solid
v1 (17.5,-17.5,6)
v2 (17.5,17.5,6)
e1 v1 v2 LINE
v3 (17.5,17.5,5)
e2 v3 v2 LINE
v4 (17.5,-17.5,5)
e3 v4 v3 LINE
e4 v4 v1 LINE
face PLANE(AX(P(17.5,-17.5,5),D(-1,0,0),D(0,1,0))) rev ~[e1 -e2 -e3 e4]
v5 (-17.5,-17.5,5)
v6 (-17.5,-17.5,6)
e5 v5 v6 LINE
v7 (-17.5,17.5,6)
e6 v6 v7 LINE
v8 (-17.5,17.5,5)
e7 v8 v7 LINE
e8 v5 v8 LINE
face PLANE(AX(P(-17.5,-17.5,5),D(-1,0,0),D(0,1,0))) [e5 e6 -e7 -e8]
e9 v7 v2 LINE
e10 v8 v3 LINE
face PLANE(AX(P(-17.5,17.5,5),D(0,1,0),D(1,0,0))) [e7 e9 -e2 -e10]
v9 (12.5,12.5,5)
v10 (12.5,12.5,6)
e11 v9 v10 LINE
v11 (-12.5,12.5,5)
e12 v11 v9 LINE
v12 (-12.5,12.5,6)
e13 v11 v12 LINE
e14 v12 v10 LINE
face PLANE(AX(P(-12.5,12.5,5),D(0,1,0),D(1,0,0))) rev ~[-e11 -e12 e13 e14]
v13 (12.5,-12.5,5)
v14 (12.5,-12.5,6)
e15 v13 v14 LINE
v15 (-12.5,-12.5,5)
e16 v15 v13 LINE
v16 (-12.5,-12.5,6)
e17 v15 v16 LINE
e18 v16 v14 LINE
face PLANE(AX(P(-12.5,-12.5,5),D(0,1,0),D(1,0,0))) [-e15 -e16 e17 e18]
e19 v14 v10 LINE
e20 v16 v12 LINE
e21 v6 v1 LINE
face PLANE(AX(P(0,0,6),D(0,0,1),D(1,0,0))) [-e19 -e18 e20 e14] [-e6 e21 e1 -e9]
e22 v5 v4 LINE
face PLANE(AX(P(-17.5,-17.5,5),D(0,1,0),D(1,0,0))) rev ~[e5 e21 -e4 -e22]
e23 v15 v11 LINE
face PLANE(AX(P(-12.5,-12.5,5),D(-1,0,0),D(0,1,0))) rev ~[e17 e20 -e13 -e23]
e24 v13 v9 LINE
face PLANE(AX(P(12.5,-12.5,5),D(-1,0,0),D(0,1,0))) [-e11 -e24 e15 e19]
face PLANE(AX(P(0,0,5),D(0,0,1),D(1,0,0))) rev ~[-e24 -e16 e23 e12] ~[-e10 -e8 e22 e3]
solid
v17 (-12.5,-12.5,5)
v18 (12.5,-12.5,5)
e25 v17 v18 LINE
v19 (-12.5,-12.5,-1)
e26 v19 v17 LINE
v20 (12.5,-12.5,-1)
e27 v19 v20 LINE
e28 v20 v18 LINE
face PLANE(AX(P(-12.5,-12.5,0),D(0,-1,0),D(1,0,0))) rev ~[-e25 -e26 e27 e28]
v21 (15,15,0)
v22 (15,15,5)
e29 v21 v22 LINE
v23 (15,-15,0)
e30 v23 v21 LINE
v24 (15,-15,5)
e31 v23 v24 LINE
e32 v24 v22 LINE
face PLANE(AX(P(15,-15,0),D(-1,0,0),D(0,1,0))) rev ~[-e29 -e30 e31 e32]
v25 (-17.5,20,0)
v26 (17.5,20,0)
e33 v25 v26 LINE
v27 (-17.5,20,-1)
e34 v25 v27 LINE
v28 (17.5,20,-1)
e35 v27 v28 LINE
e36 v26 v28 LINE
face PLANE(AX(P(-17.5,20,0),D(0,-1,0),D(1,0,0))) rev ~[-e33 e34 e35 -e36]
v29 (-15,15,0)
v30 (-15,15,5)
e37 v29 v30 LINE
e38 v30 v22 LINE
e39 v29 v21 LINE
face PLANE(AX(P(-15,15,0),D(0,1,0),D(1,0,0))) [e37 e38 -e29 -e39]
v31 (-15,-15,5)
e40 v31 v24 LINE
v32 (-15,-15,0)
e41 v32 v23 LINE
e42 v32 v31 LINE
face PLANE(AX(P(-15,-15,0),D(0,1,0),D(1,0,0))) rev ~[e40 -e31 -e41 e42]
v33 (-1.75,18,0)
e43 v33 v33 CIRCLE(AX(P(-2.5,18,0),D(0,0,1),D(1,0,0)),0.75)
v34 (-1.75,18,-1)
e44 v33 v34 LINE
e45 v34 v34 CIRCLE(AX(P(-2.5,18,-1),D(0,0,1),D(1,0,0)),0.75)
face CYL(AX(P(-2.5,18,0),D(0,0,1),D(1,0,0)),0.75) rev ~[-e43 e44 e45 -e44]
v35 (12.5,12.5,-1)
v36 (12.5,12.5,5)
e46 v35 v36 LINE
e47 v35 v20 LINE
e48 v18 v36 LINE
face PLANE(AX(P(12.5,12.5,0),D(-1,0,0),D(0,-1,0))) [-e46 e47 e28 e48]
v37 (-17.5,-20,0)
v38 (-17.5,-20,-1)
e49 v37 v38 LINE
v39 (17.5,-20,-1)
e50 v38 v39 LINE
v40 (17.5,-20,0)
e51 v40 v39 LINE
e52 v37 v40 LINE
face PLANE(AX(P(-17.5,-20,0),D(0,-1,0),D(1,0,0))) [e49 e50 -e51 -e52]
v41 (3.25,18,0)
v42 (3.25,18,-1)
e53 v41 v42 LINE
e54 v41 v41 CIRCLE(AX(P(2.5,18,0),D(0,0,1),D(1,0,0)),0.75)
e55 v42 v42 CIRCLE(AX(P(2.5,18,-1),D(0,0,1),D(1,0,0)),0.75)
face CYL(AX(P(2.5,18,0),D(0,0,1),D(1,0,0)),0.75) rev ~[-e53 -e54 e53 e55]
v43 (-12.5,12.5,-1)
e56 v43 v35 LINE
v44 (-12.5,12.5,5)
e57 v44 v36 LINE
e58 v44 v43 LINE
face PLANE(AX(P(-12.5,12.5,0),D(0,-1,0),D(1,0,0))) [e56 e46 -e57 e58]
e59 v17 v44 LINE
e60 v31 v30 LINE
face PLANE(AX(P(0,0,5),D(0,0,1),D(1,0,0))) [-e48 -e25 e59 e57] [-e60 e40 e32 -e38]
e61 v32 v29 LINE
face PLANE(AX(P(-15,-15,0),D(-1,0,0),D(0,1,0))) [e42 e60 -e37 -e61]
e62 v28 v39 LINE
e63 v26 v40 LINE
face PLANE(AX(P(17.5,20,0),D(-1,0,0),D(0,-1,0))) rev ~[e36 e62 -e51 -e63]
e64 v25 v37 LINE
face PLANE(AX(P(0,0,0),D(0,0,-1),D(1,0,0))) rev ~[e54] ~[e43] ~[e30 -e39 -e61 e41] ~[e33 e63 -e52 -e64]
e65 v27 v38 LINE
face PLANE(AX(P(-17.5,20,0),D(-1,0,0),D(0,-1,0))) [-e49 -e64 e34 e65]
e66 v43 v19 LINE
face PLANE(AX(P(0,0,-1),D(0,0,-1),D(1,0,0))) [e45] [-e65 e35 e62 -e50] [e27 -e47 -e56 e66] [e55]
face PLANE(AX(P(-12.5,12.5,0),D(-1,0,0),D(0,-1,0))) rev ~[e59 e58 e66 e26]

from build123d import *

# Parameters (mm, degrees)
F0_W     = 30
F0_H     = 30
F0_W_2   = 25
F0_H_2   = 25
F1_DEPTH = 5
F2_W     = 35
F2_H     = 35
F2_W_2   = 30
F2_H_2   = 30
F2_W_3   = 25
F2_H_3   = 25
F3_DEPTH = 1
F4_W     = 35
F4_H     = 40
F4_W_2   = 30
F4_H_2   = 30
F4_W_3   = 25
F4_H_3   = 25
F5_DEPTH = 1
F6_R     = 0.75
F7_DEPTH = 1.001


with BuildPart() as f1:
    # F0 (on Top) → F1 (new body)
    with BuildSketch(Plane.XY):
        Rectangle(F0_W, F0_H)
        Rectangle(F0_W_2, F0_H_2, mode=Mode.SUBTRACT)
    extrude(amount=F1_DEPTH)

    # F4 (on face) → F5 (join)
    with BuildSketch(Plane(origin=(0, 0, 0), x_dir=(1, 0, 0), z_dir=(0, 0, -1))):
        Rectangle(F4_W, F4_H)
        Rectangle(F4_W_2, F4_H_2, mode=Mode.SUBTRACT)
        Rectangle(F4_W_2, F4_H_2)
        Rectangle(F4_W_3, F4_H_3, mode=Mode.SUBTRACT)
    extrude(amount=F5_DEPTH)

    # F6 (on face) → F7 (cut, through all)
    with BuildSketch(Plane.XY):
        with Locations((-2.5, 18)):
            Circle(F6_R)
        with Locations((2.5, 18)):
            Circle(F6_R)
    extrude(amount=-F7_DEPTH, mode=Mode.SUBTRACT)


with BuildPart() as f3:
    # F2 (on face) → F3 (new body)
    with BuildSketch(Plane.XY.offset(5)):
        Rectangle(F2_W, F2_H)
        Rectangle(F2_W_2, F2_H_2, mode=Mode.SUBTRACT)
        Rectangle(F2_W_2, F2_H_2)
        Rectangle(F2_W_3, F2_H_3, mode=Mode.SUBTRACT)
    extrude(amount=F3_DEPTH)


solid = Compound([f1.part, f3.part])
